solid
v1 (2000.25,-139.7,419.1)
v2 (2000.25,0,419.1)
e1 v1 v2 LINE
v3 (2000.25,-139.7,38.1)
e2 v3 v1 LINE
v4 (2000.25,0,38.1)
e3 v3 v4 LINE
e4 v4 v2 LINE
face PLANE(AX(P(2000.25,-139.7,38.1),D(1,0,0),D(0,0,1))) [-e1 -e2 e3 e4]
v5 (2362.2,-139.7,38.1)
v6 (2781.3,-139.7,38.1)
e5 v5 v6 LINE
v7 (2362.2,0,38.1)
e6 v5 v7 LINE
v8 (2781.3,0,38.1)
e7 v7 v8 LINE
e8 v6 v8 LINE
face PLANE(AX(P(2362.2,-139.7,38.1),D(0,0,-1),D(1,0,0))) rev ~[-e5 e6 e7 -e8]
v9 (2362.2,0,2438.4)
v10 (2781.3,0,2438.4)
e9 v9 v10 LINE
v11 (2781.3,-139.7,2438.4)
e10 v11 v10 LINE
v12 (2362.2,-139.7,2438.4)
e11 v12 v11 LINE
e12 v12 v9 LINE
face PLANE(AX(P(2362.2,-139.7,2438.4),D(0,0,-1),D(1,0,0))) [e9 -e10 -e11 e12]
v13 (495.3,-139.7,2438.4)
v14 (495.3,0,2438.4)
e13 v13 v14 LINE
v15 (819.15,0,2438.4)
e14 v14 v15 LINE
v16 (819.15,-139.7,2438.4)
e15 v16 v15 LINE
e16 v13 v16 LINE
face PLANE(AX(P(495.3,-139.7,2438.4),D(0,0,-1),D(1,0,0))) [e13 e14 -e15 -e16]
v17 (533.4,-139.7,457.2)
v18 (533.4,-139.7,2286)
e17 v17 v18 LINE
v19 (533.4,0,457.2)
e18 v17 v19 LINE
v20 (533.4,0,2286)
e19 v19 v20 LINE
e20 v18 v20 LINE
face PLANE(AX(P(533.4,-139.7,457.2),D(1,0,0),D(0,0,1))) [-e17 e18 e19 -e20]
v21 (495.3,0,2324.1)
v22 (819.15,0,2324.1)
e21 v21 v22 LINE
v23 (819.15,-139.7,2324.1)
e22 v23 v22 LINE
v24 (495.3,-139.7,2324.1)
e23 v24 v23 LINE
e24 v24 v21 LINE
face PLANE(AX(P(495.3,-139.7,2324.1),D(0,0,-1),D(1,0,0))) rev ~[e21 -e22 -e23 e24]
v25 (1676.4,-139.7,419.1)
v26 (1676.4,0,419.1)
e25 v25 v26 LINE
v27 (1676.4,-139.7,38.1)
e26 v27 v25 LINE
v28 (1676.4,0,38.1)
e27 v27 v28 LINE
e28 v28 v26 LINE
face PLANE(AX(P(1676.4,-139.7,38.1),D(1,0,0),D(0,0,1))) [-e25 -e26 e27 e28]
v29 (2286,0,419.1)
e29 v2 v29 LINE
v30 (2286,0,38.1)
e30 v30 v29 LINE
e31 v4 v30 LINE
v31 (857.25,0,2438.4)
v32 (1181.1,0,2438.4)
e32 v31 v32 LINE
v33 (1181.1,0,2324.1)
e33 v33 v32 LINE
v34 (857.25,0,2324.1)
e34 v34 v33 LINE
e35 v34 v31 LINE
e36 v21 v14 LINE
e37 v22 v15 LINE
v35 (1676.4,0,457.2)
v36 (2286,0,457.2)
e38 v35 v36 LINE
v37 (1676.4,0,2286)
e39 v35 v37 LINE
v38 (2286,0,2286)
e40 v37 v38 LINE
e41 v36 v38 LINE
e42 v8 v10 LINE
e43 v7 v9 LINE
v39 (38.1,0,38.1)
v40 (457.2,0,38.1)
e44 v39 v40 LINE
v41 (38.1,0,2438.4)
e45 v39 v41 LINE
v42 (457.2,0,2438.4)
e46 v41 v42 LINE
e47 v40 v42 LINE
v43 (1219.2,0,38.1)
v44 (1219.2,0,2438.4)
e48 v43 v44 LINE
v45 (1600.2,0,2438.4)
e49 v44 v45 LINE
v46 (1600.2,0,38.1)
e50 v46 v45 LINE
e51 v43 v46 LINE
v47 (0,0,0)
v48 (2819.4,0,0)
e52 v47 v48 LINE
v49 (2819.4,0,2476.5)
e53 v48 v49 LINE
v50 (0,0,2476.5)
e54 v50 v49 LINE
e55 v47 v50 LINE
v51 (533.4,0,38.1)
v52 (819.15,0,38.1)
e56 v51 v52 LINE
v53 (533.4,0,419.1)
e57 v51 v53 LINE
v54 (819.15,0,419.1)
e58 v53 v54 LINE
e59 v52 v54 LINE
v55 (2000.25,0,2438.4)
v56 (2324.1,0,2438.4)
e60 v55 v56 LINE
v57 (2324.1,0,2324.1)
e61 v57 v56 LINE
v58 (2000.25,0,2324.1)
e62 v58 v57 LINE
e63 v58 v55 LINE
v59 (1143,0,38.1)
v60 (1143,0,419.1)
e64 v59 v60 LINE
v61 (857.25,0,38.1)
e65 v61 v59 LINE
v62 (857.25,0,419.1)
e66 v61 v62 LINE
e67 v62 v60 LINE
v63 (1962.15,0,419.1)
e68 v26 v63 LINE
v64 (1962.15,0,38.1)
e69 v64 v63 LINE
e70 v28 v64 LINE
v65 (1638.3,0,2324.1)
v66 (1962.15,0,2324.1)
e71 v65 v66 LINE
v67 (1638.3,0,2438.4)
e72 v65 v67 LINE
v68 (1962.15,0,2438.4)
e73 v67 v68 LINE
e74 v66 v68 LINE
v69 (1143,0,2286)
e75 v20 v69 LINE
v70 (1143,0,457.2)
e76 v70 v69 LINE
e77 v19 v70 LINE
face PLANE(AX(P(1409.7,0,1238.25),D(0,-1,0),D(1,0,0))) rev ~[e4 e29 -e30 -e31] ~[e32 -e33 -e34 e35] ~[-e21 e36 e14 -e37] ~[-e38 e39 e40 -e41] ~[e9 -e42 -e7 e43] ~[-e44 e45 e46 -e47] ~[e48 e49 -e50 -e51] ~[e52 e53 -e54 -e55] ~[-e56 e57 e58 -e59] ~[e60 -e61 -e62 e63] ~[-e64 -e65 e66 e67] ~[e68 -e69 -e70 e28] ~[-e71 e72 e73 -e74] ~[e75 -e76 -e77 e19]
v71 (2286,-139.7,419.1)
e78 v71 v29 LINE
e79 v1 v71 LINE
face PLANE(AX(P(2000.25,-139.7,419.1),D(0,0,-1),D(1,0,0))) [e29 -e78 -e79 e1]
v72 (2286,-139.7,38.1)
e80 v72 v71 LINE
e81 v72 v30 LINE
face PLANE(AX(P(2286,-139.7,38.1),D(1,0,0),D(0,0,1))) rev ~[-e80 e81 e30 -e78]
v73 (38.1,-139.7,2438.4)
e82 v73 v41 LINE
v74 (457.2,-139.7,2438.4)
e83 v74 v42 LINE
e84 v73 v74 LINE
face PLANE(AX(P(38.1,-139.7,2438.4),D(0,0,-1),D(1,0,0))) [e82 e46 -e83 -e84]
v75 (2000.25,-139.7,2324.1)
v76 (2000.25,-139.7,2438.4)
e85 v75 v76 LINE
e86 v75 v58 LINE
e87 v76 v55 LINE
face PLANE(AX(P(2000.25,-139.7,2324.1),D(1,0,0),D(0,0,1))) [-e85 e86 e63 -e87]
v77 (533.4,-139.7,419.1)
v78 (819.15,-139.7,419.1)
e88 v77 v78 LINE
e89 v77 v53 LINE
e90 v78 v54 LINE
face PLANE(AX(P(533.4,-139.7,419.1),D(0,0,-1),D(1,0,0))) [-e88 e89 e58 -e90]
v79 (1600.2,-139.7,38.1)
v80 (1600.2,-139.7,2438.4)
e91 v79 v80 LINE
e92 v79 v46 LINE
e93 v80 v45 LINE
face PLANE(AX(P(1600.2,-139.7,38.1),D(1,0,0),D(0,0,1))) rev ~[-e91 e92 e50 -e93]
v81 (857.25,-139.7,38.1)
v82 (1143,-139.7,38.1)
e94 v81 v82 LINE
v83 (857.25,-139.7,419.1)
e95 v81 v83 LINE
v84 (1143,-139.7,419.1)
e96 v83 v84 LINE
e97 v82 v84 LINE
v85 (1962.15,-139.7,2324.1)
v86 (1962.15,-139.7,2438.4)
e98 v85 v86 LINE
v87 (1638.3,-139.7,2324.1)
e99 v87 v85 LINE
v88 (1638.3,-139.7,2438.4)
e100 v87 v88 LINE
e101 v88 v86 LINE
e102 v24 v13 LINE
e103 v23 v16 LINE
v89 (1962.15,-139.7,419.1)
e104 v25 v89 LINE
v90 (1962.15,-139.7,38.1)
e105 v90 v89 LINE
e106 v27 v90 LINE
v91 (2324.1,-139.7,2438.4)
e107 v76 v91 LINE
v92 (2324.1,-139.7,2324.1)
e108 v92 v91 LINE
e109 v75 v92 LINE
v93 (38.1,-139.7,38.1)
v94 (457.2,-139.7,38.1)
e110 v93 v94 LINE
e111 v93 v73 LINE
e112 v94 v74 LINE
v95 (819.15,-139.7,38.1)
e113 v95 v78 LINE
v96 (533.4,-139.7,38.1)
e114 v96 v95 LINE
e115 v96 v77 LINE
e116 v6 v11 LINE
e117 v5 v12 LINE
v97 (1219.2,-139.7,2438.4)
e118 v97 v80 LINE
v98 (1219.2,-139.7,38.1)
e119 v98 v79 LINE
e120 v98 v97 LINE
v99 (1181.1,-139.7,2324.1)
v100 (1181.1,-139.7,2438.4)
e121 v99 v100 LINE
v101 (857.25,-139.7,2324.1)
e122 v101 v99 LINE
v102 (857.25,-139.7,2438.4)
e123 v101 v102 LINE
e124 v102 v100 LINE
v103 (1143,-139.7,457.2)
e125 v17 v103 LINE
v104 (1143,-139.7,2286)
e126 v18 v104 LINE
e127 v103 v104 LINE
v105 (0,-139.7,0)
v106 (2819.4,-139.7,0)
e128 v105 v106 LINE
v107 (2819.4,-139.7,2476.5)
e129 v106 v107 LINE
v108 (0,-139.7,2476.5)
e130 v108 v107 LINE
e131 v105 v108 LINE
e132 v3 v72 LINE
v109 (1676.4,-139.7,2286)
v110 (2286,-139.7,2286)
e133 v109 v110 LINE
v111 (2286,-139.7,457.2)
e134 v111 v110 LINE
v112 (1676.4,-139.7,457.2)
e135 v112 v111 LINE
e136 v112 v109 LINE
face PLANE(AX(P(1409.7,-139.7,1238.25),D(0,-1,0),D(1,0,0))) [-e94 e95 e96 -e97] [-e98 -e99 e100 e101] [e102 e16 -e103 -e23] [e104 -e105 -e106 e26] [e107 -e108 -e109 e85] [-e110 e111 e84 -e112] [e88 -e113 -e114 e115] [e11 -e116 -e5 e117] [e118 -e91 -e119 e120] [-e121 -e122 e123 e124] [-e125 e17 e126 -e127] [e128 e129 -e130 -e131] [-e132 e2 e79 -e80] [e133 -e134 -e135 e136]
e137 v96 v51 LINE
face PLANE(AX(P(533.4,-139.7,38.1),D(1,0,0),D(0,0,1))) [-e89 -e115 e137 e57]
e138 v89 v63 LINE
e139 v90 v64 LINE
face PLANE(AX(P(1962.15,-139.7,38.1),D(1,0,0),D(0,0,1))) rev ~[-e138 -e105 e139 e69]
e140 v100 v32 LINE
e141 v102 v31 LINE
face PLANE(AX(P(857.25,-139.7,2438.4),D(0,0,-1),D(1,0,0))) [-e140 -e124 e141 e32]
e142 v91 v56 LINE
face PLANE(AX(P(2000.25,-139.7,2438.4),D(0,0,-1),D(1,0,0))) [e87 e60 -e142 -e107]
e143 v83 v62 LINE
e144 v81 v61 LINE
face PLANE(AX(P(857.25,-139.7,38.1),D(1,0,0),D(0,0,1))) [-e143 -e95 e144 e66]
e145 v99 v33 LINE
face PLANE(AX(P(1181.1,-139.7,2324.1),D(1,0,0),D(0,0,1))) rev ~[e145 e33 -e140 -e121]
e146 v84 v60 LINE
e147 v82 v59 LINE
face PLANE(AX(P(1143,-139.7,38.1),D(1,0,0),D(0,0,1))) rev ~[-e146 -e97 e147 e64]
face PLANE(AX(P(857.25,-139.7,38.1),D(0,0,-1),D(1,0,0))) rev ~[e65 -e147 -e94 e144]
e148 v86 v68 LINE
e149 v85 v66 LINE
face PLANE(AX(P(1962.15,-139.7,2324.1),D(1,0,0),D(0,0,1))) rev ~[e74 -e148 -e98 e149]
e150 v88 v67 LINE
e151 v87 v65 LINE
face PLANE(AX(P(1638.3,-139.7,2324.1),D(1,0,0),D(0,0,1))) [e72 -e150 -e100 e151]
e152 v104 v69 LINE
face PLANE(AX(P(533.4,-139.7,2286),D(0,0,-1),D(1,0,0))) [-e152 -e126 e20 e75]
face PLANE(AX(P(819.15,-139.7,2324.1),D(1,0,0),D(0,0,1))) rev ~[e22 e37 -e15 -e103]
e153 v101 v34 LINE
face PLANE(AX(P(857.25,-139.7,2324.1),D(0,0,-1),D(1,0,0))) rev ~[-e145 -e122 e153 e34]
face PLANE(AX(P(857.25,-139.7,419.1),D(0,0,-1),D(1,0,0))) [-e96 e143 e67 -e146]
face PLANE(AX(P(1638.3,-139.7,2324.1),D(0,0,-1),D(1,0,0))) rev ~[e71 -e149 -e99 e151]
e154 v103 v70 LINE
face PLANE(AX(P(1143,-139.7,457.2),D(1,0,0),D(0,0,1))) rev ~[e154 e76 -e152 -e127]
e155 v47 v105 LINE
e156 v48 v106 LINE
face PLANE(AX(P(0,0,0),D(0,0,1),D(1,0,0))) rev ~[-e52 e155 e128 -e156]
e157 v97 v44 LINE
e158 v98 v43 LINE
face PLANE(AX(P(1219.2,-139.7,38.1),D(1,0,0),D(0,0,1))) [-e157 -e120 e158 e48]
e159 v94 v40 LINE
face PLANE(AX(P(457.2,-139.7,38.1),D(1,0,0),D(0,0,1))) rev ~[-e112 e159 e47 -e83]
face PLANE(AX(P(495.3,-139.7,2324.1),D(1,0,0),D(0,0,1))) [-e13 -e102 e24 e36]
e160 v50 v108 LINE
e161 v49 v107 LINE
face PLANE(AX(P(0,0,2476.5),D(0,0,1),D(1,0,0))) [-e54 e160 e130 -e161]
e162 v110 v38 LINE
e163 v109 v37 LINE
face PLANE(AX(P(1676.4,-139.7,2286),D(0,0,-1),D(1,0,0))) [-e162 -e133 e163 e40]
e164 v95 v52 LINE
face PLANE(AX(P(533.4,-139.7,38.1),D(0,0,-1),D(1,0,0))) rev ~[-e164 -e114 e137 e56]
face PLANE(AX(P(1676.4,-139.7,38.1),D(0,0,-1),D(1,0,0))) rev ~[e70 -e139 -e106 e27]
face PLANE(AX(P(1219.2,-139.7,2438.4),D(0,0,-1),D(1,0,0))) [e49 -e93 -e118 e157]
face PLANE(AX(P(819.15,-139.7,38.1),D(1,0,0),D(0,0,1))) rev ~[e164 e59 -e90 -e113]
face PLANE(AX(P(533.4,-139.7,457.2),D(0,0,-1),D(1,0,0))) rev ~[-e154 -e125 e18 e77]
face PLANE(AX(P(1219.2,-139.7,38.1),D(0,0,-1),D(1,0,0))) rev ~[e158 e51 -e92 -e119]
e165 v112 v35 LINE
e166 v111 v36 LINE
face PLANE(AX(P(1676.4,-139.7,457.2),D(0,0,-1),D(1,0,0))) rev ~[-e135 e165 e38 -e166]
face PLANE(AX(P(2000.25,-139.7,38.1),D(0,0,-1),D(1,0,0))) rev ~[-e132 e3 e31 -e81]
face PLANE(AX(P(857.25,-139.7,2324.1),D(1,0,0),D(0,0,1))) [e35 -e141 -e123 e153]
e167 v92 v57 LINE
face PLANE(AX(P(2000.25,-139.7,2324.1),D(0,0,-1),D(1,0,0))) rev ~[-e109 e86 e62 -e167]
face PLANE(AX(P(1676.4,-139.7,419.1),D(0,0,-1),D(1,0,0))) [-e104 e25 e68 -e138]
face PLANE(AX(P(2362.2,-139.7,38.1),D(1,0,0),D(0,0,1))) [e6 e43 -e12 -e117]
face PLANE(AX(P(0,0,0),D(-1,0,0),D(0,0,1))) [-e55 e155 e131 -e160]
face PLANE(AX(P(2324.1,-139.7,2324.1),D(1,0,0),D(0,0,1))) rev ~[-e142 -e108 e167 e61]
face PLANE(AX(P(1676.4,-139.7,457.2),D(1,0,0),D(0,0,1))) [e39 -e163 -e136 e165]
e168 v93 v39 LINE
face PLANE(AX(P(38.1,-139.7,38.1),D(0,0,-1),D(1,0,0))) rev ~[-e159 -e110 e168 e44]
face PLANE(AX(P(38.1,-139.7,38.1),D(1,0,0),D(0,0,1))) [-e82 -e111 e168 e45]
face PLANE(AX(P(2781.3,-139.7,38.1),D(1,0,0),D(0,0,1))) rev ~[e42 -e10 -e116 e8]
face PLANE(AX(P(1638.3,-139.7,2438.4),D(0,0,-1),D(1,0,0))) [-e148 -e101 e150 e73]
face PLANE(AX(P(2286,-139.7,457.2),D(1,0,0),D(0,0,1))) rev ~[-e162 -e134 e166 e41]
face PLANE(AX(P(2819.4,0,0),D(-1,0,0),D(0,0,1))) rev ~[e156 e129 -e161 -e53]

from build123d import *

# Parameters (mm, degrees)
F0_W     = 2819.4
F0_H     = 2476.5
F1_DEPTH = 139.7
F2_W     = 609.6
F2_H     = 1828.8
F3_DEPTH = 139.701
F4_W     = 419.1
F4_H     = 2400.3
F4_W_2   = 381
F4_W_3   = 323.85
F4_H_2   = 114.3
F4_W_4   = 285.75
F4_H_3   = 381
F5_DEPTH = 139.701


with BuildPart() as f1:
    # F0 (on Front) → F1 (new body)
    with BuildSketch(Plane.XZ):
        with Locations((1409.7, 1238.25)):
            Rectangle(F0_W, F0_H)
    extrude(amount=F1_DEPTH)

    # F2 (on face) → F3 (cut, through all)
    with BuildSketch(Plane.XZ.offset(139.7)):
        with Locations((838.2, 1371.6)):
            Rectangle(F2_W, F2_H)
        with Locations((1981.2, 1371.6)):
            Rectangle(F2_W, F2_H)
    extrude(amount=-F3_DEPTH, mode=Mode.SUBTRACT)

    # F4 (on face) → F5 (cut, through all)
    with BuildSketch(Plane.XZ.offset(139.7)):
        with Locations((2571.75, 1238.25)):
            Rectangle(F4_W, F4_H)
        with Locations((1409.7, 1238.25)):
            Rectangle(F4_W_2, F4_H)
        with Locations((247.65, 1238.25)):
            Rectangle(F4_W, F4_H)
        with Locations((657.225, 2381.25)):
            Rectangle(F4_W_3, F4_H_2)
        with Locations((1019.175, 2381.25)):
            Rectangle(F4_W_3, F4_H_2)
        with Locations((676.275, 228.6)):
            Rectangle(F4_W_4, F4_H_3)
        with Locations((1000.125, 228.6)):
            Rectangle(F4_W_4, F4_H_3)
        with Locations((1800.225, 2381.25)):
            Rectangle(F4_W_3, F4_H_2)
        with Locations((2162.175, 2381.25)):
            Rectangle(F4_W_3, F4_H_2)
        with Locations((1819.275, 228.6)):
            Rectangle(F4_W_4, F4_H_3)
        with Locations((2143.125, 228.6)):
            Rectangle(F4_W_4, F4_H_3)
    extrude(amount=-F5_DEPTH, mode=Mode.SUBTRACT)


solid = f1.part
